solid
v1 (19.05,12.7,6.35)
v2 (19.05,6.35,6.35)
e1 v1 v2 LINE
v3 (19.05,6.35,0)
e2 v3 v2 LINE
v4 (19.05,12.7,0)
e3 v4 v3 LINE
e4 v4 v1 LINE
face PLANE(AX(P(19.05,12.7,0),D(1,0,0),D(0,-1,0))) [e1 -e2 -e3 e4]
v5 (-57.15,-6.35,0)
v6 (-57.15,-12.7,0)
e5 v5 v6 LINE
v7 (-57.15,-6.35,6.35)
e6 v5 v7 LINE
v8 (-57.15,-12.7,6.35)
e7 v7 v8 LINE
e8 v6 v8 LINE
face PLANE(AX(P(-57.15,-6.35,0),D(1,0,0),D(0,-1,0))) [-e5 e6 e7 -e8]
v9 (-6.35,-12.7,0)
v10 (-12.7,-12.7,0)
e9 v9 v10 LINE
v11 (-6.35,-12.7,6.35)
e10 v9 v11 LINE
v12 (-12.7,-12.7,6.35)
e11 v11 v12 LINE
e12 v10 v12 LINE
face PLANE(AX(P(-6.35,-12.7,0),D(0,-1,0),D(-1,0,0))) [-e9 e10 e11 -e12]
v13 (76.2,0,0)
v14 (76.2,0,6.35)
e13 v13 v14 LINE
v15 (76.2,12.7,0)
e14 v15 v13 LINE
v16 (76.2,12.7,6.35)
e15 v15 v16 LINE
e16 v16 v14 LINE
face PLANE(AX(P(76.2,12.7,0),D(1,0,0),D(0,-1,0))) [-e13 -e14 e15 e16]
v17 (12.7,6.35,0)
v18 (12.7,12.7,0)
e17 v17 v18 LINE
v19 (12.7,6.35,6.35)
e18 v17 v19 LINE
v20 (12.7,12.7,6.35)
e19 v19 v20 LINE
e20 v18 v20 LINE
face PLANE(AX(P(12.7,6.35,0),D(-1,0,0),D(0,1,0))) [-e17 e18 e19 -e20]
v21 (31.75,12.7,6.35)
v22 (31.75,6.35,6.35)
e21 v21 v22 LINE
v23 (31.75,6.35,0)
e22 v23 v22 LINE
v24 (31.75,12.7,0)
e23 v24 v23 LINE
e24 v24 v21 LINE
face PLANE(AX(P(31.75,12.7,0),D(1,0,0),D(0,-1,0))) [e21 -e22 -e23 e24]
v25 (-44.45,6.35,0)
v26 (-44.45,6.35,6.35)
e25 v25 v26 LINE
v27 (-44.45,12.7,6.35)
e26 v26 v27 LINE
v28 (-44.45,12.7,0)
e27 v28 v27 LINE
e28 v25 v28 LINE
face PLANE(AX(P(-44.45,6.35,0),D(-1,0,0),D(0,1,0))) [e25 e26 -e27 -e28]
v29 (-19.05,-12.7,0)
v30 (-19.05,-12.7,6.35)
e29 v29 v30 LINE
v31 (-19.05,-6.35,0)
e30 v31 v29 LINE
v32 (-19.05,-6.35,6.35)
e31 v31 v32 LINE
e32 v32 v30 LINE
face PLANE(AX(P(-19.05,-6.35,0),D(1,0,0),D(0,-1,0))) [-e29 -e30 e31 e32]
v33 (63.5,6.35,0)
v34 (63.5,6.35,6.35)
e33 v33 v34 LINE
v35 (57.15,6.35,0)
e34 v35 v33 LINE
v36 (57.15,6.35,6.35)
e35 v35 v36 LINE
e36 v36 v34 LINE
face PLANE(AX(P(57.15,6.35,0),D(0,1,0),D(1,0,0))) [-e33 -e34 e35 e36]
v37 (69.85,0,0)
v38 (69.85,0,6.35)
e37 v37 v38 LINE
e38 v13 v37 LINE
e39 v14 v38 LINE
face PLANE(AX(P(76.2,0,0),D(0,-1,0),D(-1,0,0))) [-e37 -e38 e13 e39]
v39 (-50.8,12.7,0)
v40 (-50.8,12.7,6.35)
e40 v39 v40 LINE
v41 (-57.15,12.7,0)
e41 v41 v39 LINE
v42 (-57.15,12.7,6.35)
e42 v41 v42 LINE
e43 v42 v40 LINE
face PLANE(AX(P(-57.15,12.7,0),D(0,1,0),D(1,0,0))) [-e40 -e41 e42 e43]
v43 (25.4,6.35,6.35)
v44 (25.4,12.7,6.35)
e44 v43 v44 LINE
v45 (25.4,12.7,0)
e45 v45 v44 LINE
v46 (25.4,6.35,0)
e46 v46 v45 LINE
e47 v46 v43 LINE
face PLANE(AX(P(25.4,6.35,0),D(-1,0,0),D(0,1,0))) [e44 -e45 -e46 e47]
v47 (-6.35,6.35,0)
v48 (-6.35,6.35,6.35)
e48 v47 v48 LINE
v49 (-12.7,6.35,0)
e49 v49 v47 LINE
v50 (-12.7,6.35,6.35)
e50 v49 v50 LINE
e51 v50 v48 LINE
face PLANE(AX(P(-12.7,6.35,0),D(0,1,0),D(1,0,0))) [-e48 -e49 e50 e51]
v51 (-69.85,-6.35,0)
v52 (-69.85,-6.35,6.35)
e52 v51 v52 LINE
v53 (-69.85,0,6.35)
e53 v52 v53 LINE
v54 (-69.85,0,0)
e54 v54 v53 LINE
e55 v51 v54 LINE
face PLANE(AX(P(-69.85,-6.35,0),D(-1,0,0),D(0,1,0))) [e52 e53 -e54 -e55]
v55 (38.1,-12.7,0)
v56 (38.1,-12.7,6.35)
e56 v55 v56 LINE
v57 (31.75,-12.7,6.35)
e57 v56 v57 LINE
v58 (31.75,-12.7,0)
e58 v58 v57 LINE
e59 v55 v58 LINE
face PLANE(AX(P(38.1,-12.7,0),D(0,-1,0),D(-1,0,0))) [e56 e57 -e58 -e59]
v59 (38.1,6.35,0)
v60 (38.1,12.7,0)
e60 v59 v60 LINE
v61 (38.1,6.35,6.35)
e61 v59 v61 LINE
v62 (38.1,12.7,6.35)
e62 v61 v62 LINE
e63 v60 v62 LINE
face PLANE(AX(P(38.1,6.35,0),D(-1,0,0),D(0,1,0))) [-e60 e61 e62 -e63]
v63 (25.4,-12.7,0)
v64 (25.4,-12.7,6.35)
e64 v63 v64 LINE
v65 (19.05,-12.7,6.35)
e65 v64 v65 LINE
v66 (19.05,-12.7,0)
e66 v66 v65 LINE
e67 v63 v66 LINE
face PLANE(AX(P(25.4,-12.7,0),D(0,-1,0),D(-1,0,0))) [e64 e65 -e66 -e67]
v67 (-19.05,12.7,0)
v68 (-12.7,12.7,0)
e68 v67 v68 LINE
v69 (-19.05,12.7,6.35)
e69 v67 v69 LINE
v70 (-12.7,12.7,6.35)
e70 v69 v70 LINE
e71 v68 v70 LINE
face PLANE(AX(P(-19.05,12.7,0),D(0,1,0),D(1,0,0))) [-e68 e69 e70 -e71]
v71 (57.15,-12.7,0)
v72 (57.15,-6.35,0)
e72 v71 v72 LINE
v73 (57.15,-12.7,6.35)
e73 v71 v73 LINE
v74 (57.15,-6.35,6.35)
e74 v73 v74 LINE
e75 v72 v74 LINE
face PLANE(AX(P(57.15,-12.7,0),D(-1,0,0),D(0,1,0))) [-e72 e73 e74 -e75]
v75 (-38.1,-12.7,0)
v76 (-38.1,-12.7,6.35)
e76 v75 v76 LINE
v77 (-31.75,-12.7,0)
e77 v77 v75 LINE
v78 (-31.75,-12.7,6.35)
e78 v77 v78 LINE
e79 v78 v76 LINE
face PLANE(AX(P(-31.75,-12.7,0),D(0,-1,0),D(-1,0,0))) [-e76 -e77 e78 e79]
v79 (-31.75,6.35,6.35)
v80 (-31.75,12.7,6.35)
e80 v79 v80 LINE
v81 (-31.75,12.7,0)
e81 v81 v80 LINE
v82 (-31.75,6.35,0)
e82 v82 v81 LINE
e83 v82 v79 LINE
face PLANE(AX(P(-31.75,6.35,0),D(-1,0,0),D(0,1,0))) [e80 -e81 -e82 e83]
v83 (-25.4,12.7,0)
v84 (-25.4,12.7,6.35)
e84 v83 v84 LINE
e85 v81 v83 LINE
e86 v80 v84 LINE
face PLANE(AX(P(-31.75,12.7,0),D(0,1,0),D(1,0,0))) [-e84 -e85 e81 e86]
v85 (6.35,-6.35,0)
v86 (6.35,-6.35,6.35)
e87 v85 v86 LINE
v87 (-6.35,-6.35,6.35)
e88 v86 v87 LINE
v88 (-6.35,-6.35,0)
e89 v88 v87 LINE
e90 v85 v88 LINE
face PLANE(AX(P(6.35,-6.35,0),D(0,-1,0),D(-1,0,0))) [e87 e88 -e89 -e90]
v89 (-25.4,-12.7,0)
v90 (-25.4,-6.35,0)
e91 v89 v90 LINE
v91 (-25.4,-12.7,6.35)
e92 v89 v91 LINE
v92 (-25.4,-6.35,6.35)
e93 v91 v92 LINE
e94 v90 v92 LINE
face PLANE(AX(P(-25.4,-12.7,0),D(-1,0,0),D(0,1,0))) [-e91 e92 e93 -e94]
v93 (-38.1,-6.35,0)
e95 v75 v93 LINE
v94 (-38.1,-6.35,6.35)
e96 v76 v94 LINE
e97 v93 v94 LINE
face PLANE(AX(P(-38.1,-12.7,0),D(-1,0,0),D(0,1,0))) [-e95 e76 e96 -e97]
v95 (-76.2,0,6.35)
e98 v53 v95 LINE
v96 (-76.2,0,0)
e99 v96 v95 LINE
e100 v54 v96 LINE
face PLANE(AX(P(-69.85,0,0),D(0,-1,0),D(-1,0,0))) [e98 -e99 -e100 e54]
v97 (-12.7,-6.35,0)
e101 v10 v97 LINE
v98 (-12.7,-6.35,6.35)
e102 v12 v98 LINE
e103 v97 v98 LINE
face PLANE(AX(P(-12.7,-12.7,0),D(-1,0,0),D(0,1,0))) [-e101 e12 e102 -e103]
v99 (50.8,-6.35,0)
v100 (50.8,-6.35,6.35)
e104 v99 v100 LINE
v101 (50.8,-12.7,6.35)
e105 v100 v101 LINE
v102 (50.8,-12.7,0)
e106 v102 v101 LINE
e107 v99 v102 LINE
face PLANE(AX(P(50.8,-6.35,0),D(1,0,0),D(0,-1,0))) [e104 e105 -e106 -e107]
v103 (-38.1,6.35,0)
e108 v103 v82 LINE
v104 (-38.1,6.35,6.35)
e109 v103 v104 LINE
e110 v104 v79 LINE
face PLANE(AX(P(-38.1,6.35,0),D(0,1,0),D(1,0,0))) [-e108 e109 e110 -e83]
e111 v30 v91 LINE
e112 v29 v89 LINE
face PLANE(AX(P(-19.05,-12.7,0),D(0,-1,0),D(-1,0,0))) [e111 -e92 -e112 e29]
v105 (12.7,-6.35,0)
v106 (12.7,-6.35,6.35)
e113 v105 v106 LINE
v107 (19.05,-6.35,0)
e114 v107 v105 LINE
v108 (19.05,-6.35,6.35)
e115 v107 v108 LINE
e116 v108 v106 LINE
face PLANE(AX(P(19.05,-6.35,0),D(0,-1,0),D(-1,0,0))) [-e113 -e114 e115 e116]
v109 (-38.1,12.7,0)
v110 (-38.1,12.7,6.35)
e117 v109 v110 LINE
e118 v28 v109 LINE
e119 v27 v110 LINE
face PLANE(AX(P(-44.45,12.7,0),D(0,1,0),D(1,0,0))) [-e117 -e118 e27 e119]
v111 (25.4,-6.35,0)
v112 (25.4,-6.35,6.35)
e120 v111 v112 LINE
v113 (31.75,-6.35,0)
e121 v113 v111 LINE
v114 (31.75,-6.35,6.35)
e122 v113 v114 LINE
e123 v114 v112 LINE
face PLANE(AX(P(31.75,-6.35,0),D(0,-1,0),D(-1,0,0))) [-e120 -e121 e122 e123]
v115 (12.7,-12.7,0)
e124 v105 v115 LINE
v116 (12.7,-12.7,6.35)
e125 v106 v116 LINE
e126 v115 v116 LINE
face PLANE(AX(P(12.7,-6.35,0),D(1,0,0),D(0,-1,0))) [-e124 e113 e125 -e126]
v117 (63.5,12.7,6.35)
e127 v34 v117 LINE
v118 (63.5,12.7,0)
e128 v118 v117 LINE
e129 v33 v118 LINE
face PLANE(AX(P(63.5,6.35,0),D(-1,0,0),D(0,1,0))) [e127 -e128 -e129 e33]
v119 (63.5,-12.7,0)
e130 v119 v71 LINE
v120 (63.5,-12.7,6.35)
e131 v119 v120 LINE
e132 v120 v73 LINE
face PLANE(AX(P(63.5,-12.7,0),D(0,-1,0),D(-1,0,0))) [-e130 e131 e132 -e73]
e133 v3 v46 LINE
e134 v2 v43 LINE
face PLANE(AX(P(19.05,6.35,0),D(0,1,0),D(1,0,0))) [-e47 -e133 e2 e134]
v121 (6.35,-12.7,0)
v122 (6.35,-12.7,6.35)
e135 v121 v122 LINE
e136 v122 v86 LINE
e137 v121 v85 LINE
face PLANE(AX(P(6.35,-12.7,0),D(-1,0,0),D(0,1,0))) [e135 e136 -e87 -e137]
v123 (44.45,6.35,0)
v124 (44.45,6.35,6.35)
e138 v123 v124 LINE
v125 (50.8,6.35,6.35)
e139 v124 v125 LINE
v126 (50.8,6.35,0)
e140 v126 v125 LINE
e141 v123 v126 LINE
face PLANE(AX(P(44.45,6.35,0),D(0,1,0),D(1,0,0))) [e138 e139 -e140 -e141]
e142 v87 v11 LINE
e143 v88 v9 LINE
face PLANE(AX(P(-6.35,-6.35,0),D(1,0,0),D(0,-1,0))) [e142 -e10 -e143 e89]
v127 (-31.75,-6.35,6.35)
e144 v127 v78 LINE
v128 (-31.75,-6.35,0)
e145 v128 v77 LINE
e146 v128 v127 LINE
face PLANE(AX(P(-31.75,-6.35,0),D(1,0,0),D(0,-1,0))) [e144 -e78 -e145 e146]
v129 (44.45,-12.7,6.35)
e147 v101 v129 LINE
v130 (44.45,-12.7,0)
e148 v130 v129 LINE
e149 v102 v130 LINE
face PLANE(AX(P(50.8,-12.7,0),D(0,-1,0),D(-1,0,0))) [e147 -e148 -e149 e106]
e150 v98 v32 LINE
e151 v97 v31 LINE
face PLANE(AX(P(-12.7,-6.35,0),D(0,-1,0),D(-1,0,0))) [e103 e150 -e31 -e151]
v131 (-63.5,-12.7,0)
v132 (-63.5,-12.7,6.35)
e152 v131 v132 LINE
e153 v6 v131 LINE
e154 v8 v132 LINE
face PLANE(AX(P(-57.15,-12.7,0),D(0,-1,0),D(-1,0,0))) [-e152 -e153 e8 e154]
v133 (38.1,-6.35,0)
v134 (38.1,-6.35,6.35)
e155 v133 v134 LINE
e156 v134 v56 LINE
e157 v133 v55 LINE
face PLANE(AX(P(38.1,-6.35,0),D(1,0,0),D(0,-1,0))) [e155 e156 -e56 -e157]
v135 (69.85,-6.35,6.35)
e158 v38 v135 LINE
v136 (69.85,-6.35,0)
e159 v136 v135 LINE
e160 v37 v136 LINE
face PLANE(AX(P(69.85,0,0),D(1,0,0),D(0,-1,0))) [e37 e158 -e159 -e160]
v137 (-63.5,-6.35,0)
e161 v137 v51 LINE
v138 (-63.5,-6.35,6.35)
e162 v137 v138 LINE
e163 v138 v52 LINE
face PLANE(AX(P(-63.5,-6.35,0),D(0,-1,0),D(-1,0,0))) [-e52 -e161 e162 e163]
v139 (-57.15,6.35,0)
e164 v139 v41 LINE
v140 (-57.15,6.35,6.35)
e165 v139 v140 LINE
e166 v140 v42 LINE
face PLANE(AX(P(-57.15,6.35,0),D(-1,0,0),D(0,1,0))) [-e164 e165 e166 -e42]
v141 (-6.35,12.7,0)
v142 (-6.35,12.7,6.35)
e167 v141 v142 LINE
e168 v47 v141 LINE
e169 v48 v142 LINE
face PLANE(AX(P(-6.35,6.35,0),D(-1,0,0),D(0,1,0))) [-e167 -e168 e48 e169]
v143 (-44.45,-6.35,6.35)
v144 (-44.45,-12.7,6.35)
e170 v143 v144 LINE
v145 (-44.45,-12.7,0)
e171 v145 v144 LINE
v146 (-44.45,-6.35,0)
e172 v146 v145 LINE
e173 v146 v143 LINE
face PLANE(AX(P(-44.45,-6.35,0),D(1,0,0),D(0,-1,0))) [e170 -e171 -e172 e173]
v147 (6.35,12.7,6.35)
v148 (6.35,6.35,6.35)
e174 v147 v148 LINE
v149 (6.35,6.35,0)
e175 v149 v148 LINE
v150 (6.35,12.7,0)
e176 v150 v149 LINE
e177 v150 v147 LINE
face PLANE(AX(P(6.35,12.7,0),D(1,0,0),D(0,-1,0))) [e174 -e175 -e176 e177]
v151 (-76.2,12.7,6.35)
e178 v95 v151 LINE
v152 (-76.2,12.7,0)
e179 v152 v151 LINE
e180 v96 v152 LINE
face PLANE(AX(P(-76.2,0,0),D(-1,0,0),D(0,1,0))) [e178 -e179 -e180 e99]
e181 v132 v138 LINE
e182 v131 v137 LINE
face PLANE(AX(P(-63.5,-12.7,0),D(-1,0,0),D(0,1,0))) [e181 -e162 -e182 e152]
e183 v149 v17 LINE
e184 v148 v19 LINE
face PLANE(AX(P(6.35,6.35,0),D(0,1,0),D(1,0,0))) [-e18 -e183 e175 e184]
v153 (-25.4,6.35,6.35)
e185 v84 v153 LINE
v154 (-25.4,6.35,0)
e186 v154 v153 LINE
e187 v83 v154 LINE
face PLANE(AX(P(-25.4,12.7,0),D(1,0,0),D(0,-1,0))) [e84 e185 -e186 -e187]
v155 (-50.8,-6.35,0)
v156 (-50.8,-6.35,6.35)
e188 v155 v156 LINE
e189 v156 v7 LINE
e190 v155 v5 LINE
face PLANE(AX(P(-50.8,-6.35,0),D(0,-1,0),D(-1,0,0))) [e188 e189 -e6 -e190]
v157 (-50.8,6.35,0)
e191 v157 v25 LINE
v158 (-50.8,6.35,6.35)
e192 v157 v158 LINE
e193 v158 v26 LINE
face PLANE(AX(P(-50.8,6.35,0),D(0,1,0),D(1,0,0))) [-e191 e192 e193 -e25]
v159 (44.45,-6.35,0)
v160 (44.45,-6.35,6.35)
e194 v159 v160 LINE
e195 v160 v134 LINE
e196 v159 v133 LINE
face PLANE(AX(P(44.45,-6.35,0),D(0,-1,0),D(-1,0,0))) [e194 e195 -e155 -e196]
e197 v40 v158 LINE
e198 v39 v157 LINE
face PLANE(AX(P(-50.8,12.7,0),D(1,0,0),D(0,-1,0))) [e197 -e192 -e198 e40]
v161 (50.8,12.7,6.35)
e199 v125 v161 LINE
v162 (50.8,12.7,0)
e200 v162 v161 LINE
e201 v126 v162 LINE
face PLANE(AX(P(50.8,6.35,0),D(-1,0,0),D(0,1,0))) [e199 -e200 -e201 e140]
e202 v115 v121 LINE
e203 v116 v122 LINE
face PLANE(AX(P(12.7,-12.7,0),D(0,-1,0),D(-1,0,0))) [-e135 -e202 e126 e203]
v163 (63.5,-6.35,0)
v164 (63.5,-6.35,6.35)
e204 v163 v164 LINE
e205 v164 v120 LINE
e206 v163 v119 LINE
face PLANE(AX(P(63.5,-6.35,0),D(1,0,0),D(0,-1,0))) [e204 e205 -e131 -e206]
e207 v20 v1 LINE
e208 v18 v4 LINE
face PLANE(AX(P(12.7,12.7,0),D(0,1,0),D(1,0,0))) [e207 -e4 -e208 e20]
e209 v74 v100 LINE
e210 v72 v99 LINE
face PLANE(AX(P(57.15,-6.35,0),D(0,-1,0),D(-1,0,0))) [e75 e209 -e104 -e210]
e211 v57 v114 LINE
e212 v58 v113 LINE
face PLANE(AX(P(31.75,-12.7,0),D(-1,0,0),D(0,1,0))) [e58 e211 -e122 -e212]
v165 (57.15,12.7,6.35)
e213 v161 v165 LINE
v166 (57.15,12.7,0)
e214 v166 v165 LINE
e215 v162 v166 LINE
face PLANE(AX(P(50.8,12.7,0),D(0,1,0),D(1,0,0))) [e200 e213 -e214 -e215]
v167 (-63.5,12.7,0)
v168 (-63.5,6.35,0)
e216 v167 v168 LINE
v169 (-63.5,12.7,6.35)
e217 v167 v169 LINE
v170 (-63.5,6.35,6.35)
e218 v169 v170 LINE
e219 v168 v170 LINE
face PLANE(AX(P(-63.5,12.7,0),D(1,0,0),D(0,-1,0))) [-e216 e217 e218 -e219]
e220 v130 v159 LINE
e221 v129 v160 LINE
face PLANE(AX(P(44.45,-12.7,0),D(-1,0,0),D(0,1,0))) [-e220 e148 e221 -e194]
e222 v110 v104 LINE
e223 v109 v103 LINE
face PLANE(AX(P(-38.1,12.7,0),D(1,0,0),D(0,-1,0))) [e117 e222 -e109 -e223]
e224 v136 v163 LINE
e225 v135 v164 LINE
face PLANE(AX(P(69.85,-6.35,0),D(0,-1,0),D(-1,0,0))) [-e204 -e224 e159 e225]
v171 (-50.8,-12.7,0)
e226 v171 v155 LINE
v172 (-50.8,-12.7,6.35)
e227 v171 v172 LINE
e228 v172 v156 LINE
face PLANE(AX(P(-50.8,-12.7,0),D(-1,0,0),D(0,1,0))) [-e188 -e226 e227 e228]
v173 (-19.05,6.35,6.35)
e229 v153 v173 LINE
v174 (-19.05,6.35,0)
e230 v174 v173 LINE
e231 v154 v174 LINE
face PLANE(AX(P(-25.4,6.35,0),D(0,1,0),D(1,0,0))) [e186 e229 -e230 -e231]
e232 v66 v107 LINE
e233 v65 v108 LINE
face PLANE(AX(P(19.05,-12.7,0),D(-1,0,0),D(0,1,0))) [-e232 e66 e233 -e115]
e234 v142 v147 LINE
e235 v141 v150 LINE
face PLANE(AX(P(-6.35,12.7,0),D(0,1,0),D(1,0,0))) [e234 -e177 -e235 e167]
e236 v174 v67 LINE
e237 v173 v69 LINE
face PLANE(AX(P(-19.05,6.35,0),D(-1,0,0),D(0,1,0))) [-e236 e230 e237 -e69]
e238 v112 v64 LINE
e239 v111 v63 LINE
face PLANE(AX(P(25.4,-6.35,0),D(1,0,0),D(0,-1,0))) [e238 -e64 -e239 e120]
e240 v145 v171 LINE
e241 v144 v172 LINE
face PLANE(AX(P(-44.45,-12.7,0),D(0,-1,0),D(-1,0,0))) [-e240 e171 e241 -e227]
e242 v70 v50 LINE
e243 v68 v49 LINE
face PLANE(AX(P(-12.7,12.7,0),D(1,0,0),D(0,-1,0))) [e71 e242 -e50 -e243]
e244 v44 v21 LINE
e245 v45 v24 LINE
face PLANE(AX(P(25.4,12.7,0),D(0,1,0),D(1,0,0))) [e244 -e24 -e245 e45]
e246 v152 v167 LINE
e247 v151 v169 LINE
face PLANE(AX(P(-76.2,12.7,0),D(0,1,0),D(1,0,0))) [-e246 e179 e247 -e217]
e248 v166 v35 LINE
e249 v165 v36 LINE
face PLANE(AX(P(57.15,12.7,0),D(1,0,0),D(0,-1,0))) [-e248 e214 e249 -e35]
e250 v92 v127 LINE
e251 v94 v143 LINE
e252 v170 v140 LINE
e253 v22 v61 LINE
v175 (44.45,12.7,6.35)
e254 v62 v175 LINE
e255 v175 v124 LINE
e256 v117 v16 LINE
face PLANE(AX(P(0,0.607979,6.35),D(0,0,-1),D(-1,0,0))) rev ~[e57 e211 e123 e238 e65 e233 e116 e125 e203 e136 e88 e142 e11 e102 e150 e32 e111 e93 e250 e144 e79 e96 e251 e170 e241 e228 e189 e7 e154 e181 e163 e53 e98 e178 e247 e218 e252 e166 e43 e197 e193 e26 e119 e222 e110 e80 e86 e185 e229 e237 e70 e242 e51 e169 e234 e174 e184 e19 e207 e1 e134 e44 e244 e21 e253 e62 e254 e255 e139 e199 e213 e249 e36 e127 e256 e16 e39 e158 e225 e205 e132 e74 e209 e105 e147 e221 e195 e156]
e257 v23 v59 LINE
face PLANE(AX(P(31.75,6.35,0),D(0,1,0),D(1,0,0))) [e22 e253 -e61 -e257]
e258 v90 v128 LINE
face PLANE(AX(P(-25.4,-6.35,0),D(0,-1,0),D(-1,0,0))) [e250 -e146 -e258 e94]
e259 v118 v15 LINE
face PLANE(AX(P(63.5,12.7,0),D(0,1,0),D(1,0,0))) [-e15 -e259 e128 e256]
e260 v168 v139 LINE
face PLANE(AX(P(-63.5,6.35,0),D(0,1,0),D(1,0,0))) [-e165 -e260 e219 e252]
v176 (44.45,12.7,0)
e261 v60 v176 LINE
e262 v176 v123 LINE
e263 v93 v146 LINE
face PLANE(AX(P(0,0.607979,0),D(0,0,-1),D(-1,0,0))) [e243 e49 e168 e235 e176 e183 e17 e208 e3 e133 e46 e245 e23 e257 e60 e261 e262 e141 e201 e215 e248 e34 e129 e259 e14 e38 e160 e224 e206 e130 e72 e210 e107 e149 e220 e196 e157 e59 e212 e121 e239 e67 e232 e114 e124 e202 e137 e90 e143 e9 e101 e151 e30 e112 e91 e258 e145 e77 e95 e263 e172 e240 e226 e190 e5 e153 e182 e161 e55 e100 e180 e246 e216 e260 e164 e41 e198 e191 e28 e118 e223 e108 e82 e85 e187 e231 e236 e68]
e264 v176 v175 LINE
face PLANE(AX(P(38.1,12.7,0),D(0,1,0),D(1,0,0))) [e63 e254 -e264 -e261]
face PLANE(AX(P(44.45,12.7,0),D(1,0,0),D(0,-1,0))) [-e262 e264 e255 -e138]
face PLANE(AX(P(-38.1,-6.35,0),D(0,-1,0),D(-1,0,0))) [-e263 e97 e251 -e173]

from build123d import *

# Parameters (mm, degrees)
BOSS_EXTRUDE1_DEPTH = 6.35


with BuildPart() as part:
    # Sketch1 → Boss-Extrude1 (new body)
    with BuildSketch(Plane.XY):
        Polygon((-76.2, 12.7), (-63.5, 12.7), (-63.5, 6.35), (-57.15, 6.35), (-57.15, 12.7), (-50.8, 12.7), (-50.8, 6.35), (-44.45, 6.35), (-44.45, 12.7), (-38.1, 12.7), (-38.1, 6.35), (-31.75, 6.35), (-31.75, 12.7), (-25.4, 12.7), (-25.4, 6.35), (-19.05, 6.35), (-19.05, 12.7), (-12.7, 12.7), (-12.7, 6.35), (-6.35, 6.35), (-6.35, 12.7), (6.35, 12.7), (6.35, 6.35), (12.7, 6.35), (12.7, 12.7), (19.05, 12.7), (19.05, 6.35), (25.4, 6.35), (25.4, 12.7), (31.75, 12.7), (31.75, 6.35), (38.1, 6.35), (38.1, 12.7), (44.45, 12.7), (44.45, 6.35), (50.8, 6.35), (50.8, 12.7), (57.15, 12.7), (57.15, 6.35), (63.5, 6.35), (63.5, 12.7), (76.2, 12.7), (76.2, 0), (69.85, 0), (69.85, -6.35), (63.5, -6.35), (63.5, -12.7), (57.15, -12.7), (57.15, -6.35), (50.8, -6.35), (50.8, -12.7), (44.45, -12.7), (44.45, -6.35), (38.1, -6.35), (38.1, -12.7), (31.75, -12.7), (31.75, -6.35), (25.4, -6.35), (25.4, -12.7), (19.05, -12.7), (19.05, -6.35), (12.7, -6.35), (12.7, -12.7), (6.35, -12.7), (6.35, -6.35), (-6.35, -6.35), (-6.35, -12.7), (-12.7, -12.7), (-12.7, -6.35), (-19.05, -6.35), (-19.05, -12.7), (-25.4, -12.7), (-25.4, -6.35), (-31.75, -6.35), (-31.75, -12.7), (-38.1, -12.7), (-38.1, -6.35), (-44.45, -6.35), (-44.45, -12.7), (-50.8, -12.7), (-50.8, -6.35), (-57.15, -6.35), (-57.15, -12.7), (-63.5, -12.7), (-63.5, -6.35), (-69.85, -6.35), (-69.85, 0), (-76.2, 0), align=None)
    extrude(amount=BOSS_EXTRUDE1_DEPTH)


solid = part.part
